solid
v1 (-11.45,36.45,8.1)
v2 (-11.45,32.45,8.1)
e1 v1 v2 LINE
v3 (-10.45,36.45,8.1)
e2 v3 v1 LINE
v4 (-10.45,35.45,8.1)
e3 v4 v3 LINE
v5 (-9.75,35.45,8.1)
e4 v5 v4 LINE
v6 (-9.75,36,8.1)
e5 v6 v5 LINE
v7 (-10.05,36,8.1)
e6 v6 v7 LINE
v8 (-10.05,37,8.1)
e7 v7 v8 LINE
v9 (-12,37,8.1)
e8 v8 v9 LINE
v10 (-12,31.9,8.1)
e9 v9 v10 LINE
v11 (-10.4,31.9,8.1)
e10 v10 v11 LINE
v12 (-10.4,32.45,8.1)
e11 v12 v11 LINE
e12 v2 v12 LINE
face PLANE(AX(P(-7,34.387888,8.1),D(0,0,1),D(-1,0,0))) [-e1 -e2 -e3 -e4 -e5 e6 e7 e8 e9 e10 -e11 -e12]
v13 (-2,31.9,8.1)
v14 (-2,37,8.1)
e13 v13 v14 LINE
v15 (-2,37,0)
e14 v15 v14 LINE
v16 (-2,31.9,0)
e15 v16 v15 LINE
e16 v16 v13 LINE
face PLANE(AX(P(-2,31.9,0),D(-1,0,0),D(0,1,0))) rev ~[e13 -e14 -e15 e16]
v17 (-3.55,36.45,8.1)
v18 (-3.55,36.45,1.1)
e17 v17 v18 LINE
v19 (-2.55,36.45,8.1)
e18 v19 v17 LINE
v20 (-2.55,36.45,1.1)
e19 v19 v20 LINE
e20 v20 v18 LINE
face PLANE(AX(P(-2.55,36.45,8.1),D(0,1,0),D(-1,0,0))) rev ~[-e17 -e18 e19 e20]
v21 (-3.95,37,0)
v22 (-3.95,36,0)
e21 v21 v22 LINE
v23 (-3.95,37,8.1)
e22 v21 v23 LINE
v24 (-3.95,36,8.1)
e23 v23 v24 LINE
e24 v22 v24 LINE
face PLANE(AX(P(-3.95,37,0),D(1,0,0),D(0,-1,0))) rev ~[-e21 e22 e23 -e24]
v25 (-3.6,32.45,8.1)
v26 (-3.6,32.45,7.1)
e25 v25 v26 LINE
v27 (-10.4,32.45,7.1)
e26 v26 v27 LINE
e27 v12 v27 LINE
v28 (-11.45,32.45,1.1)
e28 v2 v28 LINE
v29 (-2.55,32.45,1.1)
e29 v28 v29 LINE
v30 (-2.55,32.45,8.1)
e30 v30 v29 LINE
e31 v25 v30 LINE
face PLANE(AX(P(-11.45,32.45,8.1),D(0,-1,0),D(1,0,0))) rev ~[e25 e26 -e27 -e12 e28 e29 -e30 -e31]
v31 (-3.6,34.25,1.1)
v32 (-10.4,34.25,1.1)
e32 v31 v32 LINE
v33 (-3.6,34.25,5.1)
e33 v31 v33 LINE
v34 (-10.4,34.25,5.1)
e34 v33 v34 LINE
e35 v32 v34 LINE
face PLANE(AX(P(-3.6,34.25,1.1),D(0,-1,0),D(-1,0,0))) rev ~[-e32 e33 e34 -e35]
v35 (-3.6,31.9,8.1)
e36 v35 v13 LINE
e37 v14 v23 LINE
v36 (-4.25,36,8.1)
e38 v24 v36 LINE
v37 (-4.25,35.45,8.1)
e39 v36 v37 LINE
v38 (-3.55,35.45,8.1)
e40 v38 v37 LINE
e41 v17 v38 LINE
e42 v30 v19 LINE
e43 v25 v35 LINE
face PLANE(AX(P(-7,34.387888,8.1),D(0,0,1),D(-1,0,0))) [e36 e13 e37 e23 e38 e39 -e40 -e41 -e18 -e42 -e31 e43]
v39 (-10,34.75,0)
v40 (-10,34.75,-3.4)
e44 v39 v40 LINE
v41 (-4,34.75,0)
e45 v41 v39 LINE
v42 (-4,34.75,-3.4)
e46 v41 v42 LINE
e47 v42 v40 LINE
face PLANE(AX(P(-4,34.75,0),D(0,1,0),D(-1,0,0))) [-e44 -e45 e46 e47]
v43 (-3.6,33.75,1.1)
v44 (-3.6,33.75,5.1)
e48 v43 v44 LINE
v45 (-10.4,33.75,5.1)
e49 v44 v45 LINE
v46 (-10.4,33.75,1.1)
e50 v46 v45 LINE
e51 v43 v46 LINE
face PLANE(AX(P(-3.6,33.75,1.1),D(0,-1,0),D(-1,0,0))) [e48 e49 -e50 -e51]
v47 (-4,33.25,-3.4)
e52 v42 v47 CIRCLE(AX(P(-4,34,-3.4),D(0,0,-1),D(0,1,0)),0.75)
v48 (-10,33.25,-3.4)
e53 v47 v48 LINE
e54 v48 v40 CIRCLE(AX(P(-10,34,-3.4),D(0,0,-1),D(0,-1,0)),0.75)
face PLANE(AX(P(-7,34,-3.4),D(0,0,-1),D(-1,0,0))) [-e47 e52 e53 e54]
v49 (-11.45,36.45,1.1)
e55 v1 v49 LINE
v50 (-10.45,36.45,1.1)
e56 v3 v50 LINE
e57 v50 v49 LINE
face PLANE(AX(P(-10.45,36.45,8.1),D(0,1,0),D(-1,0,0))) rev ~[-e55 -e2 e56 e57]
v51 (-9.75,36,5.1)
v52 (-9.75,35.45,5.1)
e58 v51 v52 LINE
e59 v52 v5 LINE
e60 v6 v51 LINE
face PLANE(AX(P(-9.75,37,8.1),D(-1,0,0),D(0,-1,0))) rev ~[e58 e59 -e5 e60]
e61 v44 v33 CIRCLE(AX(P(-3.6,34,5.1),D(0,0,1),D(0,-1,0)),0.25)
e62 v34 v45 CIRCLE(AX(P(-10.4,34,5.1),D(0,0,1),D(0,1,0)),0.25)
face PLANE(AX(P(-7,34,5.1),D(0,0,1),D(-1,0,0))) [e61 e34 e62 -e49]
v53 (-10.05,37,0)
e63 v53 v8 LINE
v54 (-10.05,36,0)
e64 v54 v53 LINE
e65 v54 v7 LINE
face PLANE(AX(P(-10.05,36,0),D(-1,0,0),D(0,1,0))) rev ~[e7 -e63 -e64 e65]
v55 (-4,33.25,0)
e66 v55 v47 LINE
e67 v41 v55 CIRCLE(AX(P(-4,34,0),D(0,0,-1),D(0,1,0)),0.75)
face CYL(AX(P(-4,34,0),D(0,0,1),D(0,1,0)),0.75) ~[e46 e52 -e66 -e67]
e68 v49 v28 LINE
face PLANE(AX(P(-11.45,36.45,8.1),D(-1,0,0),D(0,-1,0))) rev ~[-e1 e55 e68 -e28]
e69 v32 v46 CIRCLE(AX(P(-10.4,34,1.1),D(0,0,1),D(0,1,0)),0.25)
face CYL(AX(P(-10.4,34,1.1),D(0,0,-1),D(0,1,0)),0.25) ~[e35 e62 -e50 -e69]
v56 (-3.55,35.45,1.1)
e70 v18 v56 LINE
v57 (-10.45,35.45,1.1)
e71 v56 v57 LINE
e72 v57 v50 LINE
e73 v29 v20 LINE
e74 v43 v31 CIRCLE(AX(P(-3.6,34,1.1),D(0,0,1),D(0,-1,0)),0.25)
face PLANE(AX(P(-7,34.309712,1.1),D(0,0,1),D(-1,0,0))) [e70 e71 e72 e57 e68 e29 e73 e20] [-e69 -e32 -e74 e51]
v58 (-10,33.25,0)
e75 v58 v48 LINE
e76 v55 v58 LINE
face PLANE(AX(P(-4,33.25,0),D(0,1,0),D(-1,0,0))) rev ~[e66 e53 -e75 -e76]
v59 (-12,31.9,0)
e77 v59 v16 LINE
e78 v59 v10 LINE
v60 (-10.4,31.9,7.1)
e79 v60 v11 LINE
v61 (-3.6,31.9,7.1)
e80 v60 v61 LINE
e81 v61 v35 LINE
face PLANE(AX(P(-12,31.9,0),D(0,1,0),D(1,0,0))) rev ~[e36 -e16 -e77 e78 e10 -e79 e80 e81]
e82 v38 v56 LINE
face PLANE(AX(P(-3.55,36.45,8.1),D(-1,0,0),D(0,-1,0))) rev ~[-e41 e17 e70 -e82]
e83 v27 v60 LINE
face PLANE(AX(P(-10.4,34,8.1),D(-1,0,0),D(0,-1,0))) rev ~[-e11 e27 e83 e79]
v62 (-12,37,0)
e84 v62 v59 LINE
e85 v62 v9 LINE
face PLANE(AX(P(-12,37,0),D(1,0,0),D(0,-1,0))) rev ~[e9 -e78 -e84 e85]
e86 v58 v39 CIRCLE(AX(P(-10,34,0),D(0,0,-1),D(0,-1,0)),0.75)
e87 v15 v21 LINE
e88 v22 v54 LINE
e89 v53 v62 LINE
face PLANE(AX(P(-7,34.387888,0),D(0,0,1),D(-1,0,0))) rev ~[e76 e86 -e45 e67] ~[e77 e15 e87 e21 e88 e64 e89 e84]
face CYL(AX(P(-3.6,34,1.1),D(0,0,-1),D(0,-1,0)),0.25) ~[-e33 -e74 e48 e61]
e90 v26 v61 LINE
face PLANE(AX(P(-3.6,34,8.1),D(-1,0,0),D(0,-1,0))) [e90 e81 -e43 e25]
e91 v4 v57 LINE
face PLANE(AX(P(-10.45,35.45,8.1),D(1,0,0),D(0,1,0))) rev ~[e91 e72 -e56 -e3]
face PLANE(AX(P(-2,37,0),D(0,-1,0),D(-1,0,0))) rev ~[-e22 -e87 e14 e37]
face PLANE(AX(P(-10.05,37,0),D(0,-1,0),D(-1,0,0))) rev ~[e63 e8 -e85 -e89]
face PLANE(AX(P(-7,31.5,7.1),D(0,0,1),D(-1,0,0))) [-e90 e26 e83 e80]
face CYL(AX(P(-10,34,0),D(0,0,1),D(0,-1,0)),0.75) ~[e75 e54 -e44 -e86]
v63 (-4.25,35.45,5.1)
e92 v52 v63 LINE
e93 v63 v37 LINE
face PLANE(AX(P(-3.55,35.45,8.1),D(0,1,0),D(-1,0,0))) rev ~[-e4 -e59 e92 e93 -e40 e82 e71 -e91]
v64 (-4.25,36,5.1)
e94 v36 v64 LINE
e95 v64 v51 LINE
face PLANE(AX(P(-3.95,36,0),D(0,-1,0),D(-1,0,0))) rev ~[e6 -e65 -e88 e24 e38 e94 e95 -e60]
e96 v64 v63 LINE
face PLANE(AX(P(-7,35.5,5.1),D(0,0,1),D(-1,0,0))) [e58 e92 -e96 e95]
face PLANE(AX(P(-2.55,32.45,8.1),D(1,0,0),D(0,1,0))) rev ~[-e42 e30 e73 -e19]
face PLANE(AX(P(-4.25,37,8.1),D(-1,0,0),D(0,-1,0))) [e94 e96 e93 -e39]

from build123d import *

# Parameters (mm, degrees)
PAD005_DEPTH            = 8.1
POCKET003_DEPTH         = 7
SKETCH010_W             = 6.8
SKETCH010_H             = 5
POCKET004_DEPTH         = 1
SKETCH011_W             = 5.5
SKETCH011_H             = 3
POCKET005_DEPTH         = 3
PAD006_DEPTH            = 4
PAD014_DEPTH            = 3.4
BODY005_PLACEMENT_ANGLE = 180


with BuildPart() as part:
    # Sketch008 → Pad005 (new body)
    with BuildSketch(Plane.XY):
        Polygon((-5, 0), (-3.05, 0), (-3.05, 1), (3.05, 1), (3.05, 0), (5, 0), (5, 5.1), (-5, 5.1), align=None)
    extrude(amount=PAD005_DEPTH)

    # Sketch009 (on Face10 of Pad005) → Pocket003 (cut)
    with BuildSketch(Plane.XY.offset(8.1)):
        Polygon((-4.45, 0.55), (-3.45, 0.55), (-3.45, 1.55), (3.45, 1.55), (3.45, 0.55), (4.45, 0.55), (4.45, 4.55), (-4.45, 4.55), align=None)
    extrude(amount=-POCKET003_DEPTH, mode=Mode.SUBTRACT)

    # Sketch010 (on Face5 of Pocket003) → Pocket004 (cut)
    with BuildSketch(Plane.XY.offset(8.1)):
        with Locations((0, 5.5)):
            Rectangle(SKETCH010_W, SKETCH010_H)
    extrude(amount=-POCKET004_DEPTH, mode=Mode.SUBTRACT)

    # Sketch011 (on Face5 of Pocket004) → Pocket005 (cut)
    with BuildSketch(Plane.XY.offset(8.1)):
        with Locations((0, 1.5)):
            Rectangle(SKETCH011_W, SKETCH011_H)
    extrude(amount=-POCKET005_DEPTH, mode=Mode.SUBTRACT)

    # Sketch012 (on Face26 of Pocket005) → Pad006 (join)
    with BuildSketch(Plane.XY.offset(1.1)):
        with BuildLine():
            ThreePointArc((-3.4, 3.25), (-3.65, 3), (-3.4, 2.75))
            Line((-3.4, 2.75), (3.4, 2.75))
            ThreePointArc((3.4, 2.75), (3.65, 3), (3.4, 3.25))
            Line((-3.4, 3.25), (3.4, 3.25))
        make_face()
    extrude(amount=PAD006_DEPTH)

    # Sketch020 (on Face4 of Pad006) → Pad014 (join)
    with BuildSketch(Plane(origin=(0, 0, 0), x_dir=(1, 0, 0), z_dir=(0, 0, -1))):
        with BuildLine():
            ThreePointArc((-3, -2.25), (-3.75, -3), (-3, -3.75))
            Line((-3, -3.75), (3, -3.75))
            ThreePointArc((3, -3.75), (3.75, -3), (3, -2.25))
            Line((-3, -2.25), (3, -2.25))
        make_face()
    extrude(amount=PAD014_DEPTH)


with BuildPart() as part_1:
    # Body005 placement: moved
    add(part.part.moved(Location((-7, 29, 0))).rotate(Axis((-7, 29, 0), (0, 0, 1)), BODY005_PLACEMENT_ANGLE))


with BuildPart() as part_2:
    # Body006 placement: moved
    add(part_1.part.moved(Location((0, 8, 0))))


solid = part_2.part
